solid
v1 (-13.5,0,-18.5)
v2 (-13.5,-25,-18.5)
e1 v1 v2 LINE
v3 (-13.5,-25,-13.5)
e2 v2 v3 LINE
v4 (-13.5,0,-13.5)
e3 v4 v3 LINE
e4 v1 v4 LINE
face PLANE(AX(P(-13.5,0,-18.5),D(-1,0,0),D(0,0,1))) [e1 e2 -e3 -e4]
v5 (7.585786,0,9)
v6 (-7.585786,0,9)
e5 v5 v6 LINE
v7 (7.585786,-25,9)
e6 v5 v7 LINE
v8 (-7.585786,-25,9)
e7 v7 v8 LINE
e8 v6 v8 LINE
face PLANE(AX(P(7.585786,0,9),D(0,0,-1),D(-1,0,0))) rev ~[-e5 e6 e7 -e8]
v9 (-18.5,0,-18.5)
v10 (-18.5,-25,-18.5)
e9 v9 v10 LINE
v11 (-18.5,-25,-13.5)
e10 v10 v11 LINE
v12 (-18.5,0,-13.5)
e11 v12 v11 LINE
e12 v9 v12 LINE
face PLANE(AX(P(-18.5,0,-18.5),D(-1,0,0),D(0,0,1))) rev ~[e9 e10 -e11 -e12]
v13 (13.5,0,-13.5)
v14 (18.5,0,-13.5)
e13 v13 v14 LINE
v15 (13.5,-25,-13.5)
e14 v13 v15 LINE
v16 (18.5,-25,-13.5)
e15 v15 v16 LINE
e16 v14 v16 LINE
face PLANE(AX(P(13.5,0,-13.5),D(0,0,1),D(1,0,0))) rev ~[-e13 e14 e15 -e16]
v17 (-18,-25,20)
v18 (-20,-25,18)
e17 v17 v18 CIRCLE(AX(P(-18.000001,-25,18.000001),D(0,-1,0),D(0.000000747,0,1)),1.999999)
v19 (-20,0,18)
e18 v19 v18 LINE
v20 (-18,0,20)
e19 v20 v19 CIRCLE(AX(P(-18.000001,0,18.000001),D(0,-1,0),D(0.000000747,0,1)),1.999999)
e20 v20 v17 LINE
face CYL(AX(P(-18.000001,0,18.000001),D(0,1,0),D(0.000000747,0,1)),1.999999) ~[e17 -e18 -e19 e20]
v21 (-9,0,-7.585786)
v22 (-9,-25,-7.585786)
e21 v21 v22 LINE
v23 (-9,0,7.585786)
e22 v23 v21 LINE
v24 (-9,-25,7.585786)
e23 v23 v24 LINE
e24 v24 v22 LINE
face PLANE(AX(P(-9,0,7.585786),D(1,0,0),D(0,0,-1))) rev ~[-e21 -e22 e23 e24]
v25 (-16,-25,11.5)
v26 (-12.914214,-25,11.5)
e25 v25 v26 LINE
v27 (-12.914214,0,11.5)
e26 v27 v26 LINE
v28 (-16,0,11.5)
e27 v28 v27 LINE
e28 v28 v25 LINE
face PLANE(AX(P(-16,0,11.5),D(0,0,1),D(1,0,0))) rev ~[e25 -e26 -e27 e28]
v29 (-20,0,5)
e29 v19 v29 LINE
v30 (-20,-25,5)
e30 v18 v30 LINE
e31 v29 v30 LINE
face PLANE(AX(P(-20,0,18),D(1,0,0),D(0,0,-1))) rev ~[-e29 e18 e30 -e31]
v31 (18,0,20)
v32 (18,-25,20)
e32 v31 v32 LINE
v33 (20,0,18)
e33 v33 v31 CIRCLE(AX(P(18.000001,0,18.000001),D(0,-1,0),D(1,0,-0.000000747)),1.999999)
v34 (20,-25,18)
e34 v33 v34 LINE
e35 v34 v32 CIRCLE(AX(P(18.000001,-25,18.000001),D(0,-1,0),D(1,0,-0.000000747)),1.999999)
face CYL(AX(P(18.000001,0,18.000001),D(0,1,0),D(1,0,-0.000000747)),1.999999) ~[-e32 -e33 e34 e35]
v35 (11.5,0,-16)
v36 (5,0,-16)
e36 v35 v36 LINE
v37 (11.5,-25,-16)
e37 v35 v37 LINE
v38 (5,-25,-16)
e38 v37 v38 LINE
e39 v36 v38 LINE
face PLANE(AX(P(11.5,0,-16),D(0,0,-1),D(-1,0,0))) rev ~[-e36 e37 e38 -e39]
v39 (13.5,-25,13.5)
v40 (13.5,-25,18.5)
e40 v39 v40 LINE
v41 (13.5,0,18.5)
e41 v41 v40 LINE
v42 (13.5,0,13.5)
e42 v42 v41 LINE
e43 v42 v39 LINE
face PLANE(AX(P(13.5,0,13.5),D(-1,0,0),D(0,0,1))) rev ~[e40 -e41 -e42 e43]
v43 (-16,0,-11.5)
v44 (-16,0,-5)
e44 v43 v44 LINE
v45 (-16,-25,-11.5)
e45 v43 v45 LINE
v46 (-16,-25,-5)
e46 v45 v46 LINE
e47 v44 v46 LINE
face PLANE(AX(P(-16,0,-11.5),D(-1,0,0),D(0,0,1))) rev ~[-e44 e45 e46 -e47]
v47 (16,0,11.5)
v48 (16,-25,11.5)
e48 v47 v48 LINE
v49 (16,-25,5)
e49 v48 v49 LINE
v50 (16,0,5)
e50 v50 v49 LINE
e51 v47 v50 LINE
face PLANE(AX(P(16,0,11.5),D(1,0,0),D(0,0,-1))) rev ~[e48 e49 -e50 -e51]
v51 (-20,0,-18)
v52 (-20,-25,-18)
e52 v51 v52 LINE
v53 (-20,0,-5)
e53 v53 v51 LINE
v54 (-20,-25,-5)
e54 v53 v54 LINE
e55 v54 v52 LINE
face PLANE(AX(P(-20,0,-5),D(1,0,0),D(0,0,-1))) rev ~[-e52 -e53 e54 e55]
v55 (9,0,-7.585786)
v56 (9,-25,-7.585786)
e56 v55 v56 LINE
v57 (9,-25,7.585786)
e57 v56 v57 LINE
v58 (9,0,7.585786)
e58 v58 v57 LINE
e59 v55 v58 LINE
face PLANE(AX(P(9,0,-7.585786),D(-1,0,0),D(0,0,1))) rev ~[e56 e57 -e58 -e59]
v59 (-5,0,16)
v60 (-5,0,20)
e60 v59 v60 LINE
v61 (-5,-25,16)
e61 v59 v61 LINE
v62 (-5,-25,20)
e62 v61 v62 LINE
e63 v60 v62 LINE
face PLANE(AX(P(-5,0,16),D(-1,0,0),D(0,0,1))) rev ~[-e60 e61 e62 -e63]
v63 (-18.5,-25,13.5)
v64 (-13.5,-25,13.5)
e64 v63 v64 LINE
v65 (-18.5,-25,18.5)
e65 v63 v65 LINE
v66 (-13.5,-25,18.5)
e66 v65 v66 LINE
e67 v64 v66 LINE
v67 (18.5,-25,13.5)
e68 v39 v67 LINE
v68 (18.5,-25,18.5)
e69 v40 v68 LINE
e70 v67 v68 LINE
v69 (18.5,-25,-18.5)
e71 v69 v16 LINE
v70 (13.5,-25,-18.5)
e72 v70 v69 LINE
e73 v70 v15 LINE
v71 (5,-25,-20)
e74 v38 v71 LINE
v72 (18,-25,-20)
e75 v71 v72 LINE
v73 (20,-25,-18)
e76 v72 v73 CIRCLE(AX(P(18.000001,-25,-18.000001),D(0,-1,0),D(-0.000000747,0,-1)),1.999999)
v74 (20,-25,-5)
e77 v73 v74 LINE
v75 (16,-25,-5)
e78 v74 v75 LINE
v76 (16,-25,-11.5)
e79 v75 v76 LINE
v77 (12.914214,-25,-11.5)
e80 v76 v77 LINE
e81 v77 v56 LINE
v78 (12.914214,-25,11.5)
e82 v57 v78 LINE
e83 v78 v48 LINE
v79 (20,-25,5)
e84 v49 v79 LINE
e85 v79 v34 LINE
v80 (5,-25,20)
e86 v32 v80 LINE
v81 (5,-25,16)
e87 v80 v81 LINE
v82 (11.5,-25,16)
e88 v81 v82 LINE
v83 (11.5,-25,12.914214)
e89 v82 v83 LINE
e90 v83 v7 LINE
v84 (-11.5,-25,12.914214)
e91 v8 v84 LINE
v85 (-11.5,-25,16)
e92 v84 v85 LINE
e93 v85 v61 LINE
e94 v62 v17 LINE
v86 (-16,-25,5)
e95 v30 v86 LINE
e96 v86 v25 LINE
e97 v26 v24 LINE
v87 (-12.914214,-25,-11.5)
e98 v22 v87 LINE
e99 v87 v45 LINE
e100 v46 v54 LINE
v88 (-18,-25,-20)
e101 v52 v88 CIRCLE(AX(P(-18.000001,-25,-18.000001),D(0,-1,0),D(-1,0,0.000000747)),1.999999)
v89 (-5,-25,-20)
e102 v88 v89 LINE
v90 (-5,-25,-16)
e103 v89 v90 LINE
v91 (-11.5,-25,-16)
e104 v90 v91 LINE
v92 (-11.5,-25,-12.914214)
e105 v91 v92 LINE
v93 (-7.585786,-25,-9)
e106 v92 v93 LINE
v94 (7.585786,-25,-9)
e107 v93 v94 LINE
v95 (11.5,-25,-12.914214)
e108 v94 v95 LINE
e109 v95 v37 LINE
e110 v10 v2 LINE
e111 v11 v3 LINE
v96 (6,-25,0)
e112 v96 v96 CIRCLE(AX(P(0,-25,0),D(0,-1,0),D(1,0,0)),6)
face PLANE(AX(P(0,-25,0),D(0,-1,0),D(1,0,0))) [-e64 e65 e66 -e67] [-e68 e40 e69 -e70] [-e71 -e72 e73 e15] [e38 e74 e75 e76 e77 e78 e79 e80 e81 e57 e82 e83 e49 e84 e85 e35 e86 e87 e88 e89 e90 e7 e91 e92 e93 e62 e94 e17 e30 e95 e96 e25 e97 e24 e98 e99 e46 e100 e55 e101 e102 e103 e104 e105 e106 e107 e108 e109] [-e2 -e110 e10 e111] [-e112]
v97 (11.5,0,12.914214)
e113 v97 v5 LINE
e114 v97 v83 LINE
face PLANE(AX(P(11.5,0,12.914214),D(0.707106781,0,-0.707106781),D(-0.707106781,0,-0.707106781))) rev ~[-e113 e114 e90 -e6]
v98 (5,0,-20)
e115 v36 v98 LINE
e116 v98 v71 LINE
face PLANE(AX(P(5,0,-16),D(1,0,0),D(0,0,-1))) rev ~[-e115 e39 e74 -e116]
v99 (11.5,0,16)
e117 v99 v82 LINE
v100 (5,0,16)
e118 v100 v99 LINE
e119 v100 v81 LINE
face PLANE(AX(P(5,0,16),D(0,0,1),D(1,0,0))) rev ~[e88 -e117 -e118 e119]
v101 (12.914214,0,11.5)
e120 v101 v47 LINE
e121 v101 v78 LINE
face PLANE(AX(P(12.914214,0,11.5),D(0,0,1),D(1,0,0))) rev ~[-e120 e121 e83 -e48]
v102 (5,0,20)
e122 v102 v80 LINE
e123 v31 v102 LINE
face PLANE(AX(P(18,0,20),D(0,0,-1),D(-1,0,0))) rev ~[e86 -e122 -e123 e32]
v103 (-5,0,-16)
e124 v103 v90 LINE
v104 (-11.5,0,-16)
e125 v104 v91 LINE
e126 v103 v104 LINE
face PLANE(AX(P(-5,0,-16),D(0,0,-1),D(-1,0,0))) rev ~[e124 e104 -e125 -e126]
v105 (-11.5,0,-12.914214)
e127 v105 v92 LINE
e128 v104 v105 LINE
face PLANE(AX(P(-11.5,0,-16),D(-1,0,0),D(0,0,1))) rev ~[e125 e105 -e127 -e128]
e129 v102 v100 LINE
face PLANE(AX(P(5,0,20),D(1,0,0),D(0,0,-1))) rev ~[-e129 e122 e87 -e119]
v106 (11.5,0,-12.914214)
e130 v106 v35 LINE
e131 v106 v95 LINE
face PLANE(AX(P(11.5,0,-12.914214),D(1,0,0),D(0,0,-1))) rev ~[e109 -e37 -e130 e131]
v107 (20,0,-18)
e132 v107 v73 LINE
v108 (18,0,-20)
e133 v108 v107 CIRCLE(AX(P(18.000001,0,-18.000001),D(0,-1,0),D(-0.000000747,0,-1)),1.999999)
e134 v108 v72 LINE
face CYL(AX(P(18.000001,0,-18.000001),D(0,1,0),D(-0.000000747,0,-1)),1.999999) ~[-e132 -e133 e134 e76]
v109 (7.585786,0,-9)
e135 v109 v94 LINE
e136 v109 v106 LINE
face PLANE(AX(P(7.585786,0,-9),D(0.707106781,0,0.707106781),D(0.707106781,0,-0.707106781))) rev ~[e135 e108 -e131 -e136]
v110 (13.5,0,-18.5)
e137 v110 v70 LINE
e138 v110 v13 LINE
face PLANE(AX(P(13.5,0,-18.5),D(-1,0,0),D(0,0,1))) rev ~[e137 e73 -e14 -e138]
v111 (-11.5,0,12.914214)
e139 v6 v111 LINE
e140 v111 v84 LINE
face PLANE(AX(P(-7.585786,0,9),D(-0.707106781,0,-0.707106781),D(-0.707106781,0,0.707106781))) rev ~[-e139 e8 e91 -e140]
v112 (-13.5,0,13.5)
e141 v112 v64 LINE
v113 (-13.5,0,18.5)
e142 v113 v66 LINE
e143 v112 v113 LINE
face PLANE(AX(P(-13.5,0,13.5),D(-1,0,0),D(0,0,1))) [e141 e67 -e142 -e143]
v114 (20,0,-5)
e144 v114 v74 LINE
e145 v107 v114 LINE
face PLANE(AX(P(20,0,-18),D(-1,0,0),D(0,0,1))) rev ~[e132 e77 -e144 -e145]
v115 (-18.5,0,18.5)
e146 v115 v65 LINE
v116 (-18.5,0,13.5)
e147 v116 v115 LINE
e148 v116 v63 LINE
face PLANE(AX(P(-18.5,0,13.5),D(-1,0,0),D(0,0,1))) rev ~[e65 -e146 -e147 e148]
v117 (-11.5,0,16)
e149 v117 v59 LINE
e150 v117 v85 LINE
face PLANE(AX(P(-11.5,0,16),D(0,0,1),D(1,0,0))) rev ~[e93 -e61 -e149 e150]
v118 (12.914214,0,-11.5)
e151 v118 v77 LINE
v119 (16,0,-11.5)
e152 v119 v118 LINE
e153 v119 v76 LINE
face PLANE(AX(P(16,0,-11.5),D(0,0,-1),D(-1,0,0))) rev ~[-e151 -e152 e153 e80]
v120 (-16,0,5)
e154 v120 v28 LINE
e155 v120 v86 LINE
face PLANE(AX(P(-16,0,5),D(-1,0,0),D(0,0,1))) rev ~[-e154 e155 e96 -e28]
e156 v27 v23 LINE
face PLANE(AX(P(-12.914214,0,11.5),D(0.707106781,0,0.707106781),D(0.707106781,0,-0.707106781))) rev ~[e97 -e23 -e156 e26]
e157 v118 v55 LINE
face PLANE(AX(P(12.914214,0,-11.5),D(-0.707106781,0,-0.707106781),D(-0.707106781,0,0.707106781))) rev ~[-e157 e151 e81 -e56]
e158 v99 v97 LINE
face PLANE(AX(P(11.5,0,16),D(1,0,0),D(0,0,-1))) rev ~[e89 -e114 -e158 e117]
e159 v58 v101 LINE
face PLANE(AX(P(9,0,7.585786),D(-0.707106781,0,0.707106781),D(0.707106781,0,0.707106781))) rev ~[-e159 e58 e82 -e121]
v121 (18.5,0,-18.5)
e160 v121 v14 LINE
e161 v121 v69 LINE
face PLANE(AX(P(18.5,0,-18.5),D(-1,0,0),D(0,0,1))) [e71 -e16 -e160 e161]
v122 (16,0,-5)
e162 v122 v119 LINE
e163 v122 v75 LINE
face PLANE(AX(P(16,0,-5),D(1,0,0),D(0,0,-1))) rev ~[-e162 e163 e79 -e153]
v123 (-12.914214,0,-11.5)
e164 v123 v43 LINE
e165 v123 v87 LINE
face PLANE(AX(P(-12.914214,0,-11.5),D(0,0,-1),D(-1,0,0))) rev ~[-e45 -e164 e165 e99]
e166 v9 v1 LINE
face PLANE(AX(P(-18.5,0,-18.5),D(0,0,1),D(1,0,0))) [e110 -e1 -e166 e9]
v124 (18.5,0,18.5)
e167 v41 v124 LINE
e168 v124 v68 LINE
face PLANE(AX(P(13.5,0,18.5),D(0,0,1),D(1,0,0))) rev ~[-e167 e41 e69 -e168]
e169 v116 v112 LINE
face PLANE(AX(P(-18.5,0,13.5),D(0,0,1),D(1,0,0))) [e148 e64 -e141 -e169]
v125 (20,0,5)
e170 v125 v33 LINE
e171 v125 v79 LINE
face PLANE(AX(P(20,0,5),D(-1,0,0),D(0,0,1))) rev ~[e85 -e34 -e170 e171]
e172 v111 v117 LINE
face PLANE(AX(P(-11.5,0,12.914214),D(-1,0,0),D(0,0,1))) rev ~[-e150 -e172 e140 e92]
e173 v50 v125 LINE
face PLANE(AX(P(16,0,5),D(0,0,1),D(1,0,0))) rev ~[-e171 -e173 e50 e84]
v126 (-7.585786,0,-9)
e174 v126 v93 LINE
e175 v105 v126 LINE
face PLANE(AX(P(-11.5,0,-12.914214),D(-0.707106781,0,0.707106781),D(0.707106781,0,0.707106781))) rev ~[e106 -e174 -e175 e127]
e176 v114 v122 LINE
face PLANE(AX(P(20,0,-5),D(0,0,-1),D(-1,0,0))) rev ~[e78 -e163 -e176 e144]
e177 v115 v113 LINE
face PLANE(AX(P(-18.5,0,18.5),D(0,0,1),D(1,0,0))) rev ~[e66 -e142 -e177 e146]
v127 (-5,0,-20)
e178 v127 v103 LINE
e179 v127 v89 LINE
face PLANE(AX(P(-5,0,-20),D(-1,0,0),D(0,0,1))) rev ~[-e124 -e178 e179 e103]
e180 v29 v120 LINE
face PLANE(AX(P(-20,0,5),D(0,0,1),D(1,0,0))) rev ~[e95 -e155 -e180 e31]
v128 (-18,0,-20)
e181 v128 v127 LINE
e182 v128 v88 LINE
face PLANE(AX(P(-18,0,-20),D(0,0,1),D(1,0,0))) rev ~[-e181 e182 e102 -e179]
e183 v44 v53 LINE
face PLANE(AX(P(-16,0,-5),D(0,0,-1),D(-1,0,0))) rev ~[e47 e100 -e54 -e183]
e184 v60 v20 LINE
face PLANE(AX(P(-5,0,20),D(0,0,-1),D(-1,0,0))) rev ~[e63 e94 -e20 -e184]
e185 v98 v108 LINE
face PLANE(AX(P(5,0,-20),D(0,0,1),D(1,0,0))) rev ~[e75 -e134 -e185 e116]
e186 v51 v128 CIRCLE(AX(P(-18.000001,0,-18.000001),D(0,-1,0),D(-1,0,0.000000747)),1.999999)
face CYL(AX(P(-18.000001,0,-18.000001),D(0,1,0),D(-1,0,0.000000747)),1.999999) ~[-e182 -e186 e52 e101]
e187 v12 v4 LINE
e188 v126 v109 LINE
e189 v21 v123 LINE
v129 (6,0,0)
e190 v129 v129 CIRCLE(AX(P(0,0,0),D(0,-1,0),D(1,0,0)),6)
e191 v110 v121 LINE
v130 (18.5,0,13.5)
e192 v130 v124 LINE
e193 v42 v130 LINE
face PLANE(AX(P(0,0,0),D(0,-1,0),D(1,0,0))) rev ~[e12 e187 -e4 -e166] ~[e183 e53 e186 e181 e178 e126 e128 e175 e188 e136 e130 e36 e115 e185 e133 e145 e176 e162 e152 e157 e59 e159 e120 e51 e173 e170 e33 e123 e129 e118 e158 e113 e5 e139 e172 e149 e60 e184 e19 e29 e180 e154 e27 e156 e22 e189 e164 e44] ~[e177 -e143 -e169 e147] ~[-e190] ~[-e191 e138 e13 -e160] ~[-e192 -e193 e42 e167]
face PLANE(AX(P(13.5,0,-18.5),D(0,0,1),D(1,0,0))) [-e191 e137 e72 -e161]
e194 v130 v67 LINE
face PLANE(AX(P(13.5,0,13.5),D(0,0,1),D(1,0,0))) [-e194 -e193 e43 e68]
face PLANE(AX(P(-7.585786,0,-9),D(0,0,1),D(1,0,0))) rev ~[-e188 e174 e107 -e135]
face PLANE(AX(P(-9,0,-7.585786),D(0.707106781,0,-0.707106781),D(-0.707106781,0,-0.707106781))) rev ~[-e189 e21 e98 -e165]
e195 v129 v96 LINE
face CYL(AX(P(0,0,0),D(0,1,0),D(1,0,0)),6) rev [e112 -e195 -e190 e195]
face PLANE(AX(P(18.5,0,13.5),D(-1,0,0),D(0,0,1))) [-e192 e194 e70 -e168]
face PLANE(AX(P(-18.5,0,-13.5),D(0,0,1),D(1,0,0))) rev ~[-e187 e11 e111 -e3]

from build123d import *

# Parameters (mm, degrees)
F0_W     = 5
F0_H     = 5
F0_R     = 6
F1_DEPTH = 25


with BuildPart() as f1:
    # F0 (on Front) → F1 (new body)
    with BuildSketch(Plane.XZ):
        with BuildLine():
            Line((5, -20), (18, -20))
            ThreePointArc((18, -20), (19.414214, -19.414214), (20, -18))
            Line((20, -18), (20, -5))
            Line((20, -5), (16, -5))
            Line((16, -5), (16, -11.5))
            Line((16, -11.5), (12.914214, -11.5))
            Line((12.914214, -11.5), (9, -7.585786))
            Line((9, -7.585786), (9, 0))
            Line((9, 0), (9, 7.585786))
            Line((9, 7.585786), (12.914214, 11.5))
            Line((12.914214, 11.5), (16, 11.5))
            Line((16, 11.5), (16, 5))
            Line((16, 5), (20, 5))
            Line((20, 5), (20, 18))
            ThreePointArc((20, 18), (19.414214, 19.414214), (18, 20))
            Line((18, 20), (5, 20))
            Line((5, 20), (5, 16))
            Line((5, 16), (11.5, 16))
            Line((11.5, 16), (11.5, 12.914214))
            Line((11.5, 12.914214), (7.585786, 9))
            Line((7.585786, 9), (0, 9))
            Line((0, 9), (-7.585786, 9))
            Line((-7.585786, 9), (-11.5, 12.914214))
            Line((-11.5, 12.914214), (-11.5, 16))
            Line((-11.5, 16), (-5, 16))
            Line((-5, 16), (-5, 20))
            Line((-5, 20), (-18, 20))
            ThreePointArc((-18, 20), (-19.414214, 19.414214), (-20, 18))
            Line((-20, 18), (-20, 5))
            Line((-20, 5), (-16, 5))
            Line((-16, 5), (-16, 11.5))
            Line((-16, 11.5), (-12.914214, 11.5))
            Line((-12.914214, 11.5), (-9, 7.585786))
            Line((-9, 7.585786), (-9, 0))
            Line((-9, 0), (-9, -7.585786))
            Line((-9, -7.585786), (-12.914214, -11.5))
            Line((-12.914214, -11.5), (-16, -11.5))
            Line((-16, -11.5), (-16, -5))
            Line((-16, -5), (-20, -5))
            Line((-20, -5), (-20, -18))
            ThreePointArc((-20, -18), (-19.414214, -19.414214), (-18, -20))
            Line((-18, -20), (-5, -20))
            Line((-5, -20), (-5, -16))
            Line((-5, -16), (-11.5, -16))
            Line((-11.5, -16), (-11.5, -12.914214))
            Line((-11.5, -12.914214), (-7.585786, -9))
            Line((-7.585786, -9), (0, -9))
            Line((0, -9), (7.585786, -9))
            Line((7.585786, -9), (11.5, -12.914214))
            Line((11.5, -12.914214), (11.5, -16))
            Line((11.5, -16), (5, -16))
            Line((5, -16), (5, -20))
        make_face()
        with Locations((-16, -16)):
            Rectangle(F0_W, F0_H, mode=Mode.SUBTRACT)
        with Locations((16, -16)):
            Rectangle(F0_W, F0_H, mode=Mode.SUBTRACT)
        with Locations((-16, 16)):
            Rectangle(F0_W, F0_H, mode=Mode.SUBTRACT)
        Circle(F0_R, mode=Mode.SUBTRACT)
        with Locations((16, 16)):
            Rectangle(F0_W, F0_H, mode=Mode.SUBTRACT)
    extrude(amount=F1_DEPTH)


solid = f1.part
